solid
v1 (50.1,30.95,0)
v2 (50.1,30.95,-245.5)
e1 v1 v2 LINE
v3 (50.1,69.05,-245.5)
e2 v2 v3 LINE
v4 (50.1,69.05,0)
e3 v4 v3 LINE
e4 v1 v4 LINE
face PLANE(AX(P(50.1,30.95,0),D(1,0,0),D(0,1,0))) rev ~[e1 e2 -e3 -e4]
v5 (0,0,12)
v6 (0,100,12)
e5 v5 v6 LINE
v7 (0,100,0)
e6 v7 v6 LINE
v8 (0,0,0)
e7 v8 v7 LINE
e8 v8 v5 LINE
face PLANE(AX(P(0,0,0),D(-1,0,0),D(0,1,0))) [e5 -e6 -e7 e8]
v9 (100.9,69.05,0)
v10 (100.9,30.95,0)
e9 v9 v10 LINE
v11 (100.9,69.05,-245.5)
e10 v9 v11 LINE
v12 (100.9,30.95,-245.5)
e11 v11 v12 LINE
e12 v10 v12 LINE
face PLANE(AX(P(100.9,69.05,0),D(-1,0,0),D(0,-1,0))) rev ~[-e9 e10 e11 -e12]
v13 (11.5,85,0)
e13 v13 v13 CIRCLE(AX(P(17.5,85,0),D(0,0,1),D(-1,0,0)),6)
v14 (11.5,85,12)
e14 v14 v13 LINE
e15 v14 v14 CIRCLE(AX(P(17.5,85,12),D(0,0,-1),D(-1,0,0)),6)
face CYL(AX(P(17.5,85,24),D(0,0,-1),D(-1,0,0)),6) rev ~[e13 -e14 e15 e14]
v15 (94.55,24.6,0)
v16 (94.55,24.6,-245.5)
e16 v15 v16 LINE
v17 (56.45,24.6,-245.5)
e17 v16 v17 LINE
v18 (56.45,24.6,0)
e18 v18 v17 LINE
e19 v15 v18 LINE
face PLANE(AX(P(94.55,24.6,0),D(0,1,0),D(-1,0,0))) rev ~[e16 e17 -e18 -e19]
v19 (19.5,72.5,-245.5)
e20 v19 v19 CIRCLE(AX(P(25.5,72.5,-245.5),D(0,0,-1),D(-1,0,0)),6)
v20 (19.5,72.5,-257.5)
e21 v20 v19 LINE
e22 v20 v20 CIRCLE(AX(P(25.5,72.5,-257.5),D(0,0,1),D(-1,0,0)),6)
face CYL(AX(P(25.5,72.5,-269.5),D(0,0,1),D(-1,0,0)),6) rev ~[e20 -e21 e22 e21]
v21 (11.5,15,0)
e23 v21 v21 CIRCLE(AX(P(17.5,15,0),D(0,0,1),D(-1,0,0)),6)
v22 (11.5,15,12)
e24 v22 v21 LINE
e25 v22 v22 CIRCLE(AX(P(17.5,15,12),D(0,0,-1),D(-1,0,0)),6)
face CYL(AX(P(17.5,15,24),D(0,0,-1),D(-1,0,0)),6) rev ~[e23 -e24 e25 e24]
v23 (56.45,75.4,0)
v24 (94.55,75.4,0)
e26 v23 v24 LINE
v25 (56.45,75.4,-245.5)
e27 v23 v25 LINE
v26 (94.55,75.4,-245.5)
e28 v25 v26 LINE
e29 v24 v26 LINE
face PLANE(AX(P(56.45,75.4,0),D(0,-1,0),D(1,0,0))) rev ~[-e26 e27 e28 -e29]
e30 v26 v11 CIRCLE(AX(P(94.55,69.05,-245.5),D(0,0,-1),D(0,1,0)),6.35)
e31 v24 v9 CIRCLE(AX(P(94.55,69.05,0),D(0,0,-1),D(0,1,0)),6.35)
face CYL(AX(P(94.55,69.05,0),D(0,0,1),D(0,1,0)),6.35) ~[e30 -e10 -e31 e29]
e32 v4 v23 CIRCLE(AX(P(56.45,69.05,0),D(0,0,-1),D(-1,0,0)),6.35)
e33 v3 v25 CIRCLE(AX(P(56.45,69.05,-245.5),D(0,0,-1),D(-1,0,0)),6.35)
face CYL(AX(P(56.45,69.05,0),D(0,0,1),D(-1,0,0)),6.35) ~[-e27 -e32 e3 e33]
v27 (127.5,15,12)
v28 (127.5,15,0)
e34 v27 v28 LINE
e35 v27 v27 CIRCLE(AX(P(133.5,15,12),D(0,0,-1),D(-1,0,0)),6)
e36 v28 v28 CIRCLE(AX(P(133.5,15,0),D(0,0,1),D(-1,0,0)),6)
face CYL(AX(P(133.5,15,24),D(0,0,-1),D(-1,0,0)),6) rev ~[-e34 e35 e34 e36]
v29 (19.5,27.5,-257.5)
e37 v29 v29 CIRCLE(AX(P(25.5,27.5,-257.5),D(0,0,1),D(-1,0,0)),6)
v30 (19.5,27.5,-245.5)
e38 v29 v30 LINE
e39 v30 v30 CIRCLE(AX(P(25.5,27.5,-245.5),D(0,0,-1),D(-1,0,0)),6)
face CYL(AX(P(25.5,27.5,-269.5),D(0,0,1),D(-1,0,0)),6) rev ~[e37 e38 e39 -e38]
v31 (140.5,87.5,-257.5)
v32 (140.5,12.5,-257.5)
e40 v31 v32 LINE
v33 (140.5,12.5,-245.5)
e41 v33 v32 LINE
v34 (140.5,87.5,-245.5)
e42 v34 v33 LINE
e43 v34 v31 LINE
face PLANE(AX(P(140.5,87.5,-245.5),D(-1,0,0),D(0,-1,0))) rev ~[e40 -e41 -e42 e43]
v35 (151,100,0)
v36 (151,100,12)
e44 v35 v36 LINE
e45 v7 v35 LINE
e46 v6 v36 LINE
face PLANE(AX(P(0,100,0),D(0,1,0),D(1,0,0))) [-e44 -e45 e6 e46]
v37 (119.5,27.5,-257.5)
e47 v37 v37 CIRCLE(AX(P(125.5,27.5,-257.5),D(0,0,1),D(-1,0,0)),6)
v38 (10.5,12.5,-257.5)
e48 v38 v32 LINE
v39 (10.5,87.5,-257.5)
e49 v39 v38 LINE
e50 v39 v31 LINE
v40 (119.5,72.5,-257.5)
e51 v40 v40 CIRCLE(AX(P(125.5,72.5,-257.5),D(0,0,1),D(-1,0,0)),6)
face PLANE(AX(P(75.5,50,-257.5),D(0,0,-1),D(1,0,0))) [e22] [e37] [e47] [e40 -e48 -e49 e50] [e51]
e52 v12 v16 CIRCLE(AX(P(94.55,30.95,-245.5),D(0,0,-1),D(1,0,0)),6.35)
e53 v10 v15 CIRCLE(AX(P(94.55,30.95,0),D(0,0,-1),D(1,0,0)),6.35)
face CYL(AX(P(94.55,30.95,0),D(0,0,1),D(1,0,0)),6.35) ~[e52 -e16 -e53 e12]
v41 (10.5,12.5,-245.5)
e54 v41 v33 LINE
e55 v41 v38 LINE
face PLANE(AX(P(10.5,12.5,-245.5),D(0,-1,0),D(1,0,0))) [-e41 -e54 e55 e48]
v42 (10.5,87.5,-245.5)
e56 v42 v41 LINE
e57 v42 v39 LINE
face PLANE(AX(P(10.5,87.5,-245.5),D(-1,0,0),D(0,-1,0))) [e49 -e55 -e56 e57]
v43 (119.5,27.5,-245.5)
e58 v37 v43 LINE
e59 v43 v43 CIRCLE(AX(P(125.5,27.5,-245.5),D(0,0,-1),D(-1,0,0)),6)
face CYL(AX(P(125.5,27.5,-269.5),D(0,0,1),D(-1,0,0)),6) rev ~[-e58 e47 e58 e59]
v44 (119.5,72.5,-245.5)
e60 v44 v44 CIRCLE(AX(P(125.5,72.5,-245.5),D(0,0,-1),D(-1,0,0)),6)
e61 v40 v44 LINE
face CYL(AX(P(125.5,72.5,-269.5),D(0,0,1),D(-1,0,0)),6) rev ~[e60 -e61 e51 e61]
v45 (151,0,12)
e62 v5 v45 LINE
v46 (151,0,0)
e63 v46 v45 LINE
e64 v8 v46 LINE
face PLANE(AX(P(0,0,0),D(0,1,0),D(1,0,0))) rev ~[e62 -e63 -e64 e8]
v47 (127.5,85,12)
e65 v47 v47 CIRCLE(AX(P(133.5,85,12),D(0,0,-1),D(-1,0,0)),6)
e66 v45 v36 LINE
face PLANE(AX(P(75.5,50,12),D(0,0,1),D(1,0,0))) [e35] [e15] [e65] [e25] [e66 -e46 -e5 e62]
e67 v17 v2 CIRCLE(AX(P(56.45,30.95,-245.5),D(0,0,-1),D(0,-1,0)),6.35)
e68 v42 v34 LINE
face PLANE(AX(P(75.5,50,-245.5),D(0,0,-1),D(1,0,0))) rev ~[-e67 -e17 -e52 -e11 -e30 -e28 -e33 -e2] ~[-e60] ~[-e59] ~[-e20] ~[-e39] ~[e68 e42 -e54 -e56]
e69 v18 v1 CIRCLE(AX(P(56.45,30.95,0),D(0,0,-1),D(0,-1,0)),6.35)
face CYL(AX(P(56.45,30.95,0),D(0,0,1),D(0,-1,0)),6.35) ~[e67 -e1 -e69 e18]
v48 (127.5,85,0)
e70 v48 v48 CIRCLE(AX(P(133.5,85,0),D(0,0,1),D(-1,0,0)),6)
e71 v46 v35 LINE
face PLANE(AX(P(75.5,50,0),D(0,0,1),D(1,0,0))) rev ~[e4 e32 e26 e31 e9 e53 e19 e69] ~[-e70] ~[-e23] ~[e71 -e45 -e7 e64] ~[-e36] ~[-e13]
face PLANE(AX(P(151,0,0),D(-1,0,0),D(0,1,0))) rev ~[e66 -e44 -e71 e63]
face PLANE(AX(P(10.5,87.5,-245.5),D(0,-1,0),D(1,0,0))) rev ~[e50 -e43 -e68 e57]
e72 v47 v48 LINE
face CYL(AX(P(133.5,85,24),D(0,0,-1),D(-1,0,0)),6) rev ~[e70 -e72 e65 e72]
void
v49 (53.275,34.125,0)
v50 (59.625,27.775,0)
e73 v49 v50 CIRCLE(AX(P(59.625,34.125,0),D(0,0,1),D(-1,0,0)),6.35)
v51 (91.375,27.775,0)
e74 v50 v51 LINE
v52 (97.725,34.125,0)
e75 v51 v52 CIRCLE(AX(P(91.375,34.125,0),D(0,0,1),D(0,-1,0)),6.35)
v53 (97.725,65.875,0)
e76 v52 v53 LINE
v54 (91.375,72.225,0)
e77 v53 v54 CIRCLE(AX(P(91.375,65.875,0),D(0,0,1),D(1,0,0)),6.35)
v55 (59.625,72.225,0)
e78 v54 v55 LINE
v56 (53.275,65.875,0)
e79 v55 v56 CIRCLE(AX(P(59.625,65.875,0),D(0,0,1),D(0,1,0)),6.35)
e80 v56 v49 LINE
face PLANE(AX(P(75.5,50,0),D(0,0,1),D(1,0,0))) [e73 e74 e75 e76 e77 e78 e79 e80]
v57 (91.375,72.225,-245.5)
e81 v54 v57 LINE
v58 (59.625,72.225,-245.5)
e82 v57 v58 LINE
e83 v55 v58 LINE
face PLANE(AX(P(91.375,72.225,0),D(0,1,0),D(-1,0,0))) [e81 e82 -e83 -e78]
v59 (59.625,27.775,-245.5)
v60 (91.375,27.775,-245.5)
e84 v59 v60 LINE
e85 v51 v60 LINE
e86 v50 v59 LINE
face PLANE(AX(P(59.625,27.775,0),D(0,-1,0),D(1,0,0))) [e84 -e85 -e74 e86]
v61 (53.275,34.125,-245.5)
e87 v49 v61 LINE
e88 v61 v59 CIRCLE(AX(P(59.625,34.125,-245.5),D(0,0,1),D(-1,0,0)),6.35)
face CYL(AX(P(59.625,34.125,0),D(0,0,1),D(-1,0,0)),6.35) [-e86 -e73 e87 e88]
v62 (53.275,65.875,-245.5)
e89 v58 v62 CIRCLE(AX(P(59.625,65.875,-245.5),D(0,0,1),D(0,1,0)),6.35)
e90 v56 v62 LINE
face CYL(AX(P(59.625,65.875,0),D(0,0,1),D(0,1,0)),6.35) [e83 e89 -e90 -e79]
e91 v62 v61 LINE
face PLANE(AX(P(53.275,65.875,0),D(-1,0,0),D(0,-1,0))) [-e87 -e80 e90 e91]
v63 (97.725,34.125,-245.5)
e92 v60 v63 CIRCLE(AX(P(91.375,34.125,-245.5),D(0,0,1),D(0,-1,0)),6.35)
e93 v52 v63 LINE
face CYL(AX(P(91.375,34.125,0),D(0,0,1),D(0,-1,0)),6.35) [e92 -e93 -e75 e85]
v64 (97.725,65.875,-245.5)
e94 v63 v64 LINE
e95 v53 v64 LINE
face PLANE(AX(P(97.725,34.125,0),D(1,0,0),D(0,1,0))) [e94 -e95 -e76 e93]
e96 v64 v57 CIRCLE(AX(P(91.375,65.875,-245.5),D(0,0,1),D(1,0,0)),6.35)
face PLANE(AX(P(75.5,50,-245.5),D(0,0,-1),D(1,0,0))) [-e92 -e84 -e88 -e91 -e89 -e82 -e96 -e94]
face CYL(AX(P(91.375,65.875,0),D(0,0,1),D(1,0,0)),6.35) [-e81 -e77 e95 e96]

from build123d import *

# Parameters (mm, degrees)
F0_W     = 151
F0_H     = 100
F1_DEPTH = 12
F3_DEPTH = 245.5
F5_D     = 12
F5_DEPTH = 12
F5_TIP   = 3.6051637142
F6_W     = 130
F6_H     = 75
F7_DEPTH = 12
F9_D     = 12
F9_DEPTH = 12
F9_TIP   = 3.6051637142


with BuildPart() as f1:
    # F0 (on Top) → F1 (new body)
    with BuildSketch(Plane.XY):
        with Locations((75.5, 50)):
            Rectangle(F0_W, F0_H)
    extrude(amount=F1_DEPTH)

    # F2 (on face) → F3 (join)
    with BuildSketch(Plane(origin=(0, 0, 0), x_dir=(1, 0, 0), z_dir=(0, 0, -1))):
        with BuildLine():
            ThreePointArc((100.9, -30.95), (99.0401280605, -26.4598719395), (94.55, -24.6))
            Line((94.55, -24.6), (56.45, -24.6))
            ThreePointArc((56.45, -24.6), (51.9598719395, -26.4598719395), (50.1, -30.95))
            Line((50.1, -30.95), (50.1, -69.05))
            ThreePointArc((50.1, -69.05), (51.9598719395, -73.5401280605), (56.45, -75.4))
            Line((56.45, -75.4), (94.55, -75.4))
            ThreePointArc((94.55, -75.4), (99.0401280605, -73.5401280605), (100.9, -69.05))
            Line((100.9, -69.05), (100.9, -30.95))
        make_face()
        with BuildLine():
            Line((59.625, -27.775), (91.375, -27.775))
            ThreePointArc((91.375, -27.775), (95.8651280605, -29.6348719395), (97.725, -34.125))
            Line((97.725, -34.125), (97.725, -65.875))
            ThreePointArc((97.725, -65.875), (95.8651280605, -70.3651280605), (91.375, -72.225))
            Line((91.375, -72.225), (59.625, -72.225))
            ThreePointArc((59.625, -72.225), (55.1348719395, -70.3651280605), (53.275, -65.875))
            Line((53.275, -65.875), (53.275, -34.125))
            ThreePointArc((53.275, -34.125), (55.1348719395, -29.6348719395), (59.625, -27.775))
        make_face(mode=Mode.SUBTRACT)
    extrude(amount=F3_DEPTH)

    # F5
    with Locations(Plane.XY.offset(12)):
        with Locations((17.5, 85), (133.5, 85), (133.5, 15), (17.5, 15)):
            Hole(F5_D / 2, depth=F5_DEPTH)
            with Locations((0, 0, -(F5_DEPTH + F5_TIP / 2))):  # 118° drill point
                Cone(0, F5_D / 2, F5_TIP, mode=Mode.SUBTRACT)

    # F6 (on face) → F7 (join)
    with BuildSketch(Plane(origin=(0, 0, -245.5), x_dir=(1, 0, 0), z_dir=(0, 0, -1))):
        with Locations((75.5, -50)):
            Rectangle(F6_W, F6_H)
        with BuildLine():
            ThreePointArc((94.55, -24.6), (99.0401280605, -26.4598719395), (100.9, -30.95))
            Line((100.9, -30.95), (100.9, -69.05))
            ThreePointArc((100.9, -69.05), (99.0401280605, -73.5401280605), (94.55, -75.4))
            Line((94.55, -75.4), (56.45, -75.4))
            ThreePointArc((56.45, -75.4), (51.9598719395, -73.5401280605), (50.1, -69.05))
            Line((50.1, -69.05), (50.1, -30.95))
            ThreePointArc((50.1, -30.95), (51.9598719395, -26.4598719395), (56.45, -24.6))
            Line((56.45, -24.6), (94.55, -24.6))
        make_face(mode=Mode.SUBTRACT)
        with BuildLine():
            Line((100.9, -69.05), (100.9, -30.95))
            ThreePointArc((100.9, -30.95), (99.0401280605, -26.4598719395), (94.55, -24.6))
            Line((94.55, -24.6), (56.45, -24.6))
            ThreePointArc((56.45, -24.6), (51.9598719395, -26.4598719395), (50.1, -30.95))
            Line((50.1, -30.95), (50.1, -69.05))
            ThreePointArc((50.1, -69.05), (51.9598719395, -73.5401280605), (56.45, -75.4))
            Line((56.45, -75.4), (94.55, -75.4))
            ThreePointArc((94.55, -75.4), (99.0401280605, -73.5401280605), (100.9, -69.05))
        make_face()
        with BuildLine():
            Line((53.275, -65.875), (53.275, -34.125))
            ThreePointArc((53.275, -34.125), (55.1348719395, -29.6348719395), (59.625, -27.775))
            Line((59.625, -27.775), (91.375, -27.775))
            ThreePointArc((91.375, -27.775), (95.8651280605, -29.6348719395), (97.725, -34.125))
            Line((97.725, -34.125), (97.725, -65.875))
            ThreePointArc((97.725, -65.875), (95.8651280605, -70.3651280605), (91.375, -72.225))
            Line((91.375, -72.225), (59.625, -72.225))
            ThreePointArc((59.625, -72.225), (55.1348719395, -70.3651280605), (53.275, -65.875))
        make_face(mode=Mode.SUBTRACT)
        with BuildLine():
            ThreePointArc((59.625, -27.775), (55.1348719395, -29.6348719395), (53.275, -34.125))
            Line((53.275, -34.125), (53.275, -65.875))
            ThreePointArc((53.275, -65.875), (55.1348719395, -70.3651280605), (59.625, -72.225))
            Line((59.625, -72.225), (91.375, -72.225))
            ThreePointArc((91.375, -72.225), (95.8651280605, -70.3651280605), (97.725, -65.875))
            Line((97.725, -65.875), (97.725, -34.125))
            ThreePointArc((97.725, -34.125), (95.8651280605, -29.6348719395), (91.375, -27.775))
            Line((91.375, -27.775), (59.625, -27.775))
        make_face()
    extrude(amount=F7_DEPTH)

    # F9
    with Locations(Plane(origin=(0, 0, -257.5), x_dir=(1, 0, 0), z_dir=(0, 0, -1))):
        with Locations((25.5, -27.5), (25.5, -72.5), (125.5, -72.5), (125.5, -27.5)):
            Hole(F9_D / 2, depth=F9_DEPTH)
            with Locations((0, 0, -(F9_DEPTH + F9_TIP / 2))):  # 118° drill point
                Cone(0, F9_D / 2, F9_TIP, mode=Mode.SUBTRACT)


solid = f1.part
